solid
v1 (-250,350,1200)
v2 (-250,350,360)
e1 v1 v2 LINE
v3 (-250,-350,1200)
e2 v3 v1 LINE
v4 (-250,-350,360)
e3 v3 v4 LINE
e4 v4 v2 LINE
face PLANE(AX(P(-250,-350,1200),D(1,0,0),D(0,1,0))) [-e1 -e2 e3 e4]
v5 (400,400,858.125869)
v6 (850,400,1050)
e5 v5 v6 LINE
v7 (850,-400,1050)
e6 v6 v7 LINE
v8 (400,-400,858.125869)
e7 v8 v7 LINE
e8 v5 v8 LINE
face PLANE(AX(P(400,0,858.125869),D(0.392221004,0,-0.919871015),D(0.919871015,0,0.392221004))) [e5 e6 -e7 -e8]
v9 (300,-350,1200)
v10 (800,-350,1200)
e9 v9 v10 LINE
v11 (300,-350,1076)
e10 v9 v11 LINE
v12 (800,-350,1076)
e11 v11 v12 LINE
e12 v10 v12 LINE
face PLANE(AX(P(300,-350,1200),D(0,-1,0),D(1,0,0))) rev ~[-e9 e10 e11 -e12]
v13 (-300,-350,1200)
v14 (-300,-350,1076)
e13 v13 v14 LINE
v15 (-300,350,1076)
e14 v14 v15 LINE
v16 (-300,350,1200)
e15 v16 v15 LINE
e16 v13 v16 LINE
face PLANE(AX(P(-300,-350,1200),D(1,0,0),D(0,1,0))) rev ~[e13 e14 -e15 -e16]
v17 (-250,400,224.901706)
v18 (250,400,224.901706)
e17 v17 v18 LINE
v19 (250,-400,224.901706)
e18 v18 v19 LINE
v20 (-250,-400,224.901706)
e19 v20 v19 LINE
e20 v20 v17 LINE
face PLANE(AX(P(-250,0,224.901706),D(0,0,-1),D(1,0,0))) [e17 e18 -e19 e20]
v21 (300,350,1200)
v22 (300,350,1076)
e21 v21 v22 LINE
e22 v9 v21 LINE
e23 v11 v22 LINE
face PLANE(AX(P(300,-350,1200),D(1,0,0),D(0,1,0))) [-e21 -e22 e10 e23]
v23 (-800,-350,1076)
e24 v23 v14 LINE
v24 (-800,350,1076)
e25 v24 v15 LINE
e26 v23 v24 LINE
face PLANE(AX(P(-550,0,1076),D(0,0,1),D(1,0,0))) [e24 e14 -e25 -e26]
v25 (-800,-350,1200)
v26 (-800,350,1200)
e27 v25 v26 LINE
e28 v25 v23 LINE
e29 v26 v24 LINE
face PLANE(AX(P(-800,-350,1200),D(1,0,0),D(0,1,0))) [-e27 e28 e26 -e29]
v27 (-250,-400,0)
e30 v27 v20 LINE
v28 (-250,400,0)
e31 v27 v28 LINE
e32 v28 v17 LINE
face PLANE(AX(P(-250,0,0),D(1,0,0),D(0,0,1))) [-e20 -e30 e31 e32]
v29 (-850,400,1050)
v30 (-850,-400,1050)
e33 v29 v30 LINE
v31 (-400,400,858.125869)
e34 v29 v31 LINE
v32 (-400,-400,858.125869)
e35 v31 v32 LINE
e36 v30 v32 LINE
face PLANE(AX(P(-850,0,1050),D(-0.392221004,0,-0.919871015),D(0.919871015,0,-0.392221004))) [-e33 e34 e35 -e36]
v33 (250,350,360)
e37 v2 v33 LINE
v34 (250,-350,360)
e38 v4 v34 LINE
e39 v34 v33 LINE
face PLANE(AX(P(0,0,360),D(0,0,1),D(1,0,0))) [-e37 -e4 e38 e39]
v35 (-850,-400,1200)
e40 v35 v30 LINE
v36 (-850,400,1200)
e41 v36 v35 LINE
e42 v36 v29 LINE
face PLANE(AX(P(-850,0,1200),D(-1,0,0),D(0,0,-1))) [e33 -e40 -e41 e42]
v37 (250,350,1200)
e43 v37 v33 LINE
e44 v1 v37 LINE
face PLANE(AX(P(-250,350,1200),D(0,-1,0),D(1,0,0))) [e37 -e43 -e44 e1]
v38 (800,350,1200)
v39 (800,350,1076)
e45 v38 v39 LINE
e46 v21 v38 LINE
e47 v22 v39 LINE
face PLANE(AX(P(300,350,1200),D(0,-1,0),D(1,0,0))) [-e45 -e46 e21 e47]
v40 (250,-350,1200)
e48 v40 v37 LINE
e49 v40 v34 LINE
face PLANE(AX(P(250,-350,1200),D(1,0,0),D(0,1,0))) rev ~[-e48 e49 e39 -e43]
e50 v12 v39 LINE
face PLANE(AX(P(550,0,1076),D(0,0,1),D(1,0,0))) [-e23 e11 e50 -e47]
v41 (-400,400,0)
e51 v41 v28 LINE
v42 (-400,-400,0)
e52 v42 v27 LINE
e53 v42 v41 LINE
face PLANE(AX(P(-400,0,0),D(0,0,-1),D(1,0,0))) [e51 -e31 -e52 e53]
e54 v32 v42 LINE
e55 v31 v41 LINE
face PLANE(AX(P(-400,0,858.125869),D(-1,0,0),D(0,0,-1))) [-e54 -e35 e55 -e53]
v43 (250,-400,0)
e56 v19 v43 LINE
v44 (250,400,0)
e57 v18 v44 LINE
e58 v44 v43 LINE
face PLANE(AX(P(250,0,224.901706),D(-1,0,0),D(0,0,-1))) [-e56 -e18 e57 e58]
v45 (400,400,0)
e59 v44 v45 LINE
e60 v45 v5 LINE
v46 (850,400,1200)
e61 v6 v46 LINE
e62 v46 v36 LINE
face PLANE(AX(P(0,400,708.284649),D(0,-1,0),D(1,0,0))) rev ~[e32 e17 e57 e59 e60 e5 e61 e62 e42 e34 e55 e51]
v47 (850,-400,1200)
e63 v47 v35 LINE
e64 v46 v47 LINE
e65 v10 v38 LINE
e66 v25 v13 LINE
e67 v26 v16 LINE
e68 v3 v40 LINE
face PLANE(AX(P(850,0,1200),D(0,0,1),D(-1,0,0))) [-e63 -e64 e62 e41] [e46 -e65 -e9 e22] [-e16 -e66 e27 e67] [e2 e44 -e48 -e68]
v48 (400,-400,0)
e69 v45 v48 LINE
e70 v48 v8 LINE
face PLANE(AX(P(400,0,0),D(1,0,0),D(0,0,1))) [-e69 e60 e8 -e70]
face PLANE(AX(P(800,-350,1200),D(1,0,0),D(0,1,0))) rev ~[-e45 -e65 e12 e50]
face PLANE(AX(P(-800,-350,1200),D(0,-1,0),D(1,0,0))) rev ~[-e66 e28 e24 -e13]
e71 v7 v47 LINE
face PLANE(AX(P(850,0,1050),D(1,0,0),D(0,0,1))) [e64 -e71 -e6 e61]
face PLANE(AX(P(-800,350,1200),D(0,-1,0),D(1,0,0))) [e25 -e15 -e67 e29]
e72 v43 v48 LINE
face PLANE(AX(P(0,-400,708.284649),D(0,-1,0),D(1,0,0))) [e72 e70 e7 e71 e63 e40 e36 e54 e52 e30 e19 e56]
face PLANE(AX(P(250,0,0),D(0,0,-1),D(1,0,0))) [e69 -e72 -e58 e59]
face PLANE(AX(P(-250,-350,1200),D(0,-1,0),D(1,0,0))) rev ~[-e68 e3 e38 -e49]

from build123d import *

# Parameters (mm, degrees)
F1_DEPTH = 400
F2_W     = 500
F2_H     = 700
F3_DEPTH = 840
F4_W     = 500
F4_H     = 700
F5_DEPTH = 124


with BuildPart() as f1:
    # F0 (on Front) → F1 (new body, symmetric)
    with BuildSketch(Plane.XZ):
        Polygon((-250, 224.901706), (0, 224.901706), (250, 224.901706), (250, 0), (400, 0), (400, 858.125869), (850, 1050), (850, 1200), (0, 1200), (-850, 1200), (-850, 1050), (-400, 858.125869), (-400, 0), (-250, 0), align=None)
    extrude(amount=F1_DEPTH, both=True)

    # F2 (on face) → F3 (cut)
    with BuildSketch(Plane.XY.offset(1200)):
        Rectangle(F2_W, F2_H)
    extrude(amount=-F3_DEPTH, mode=Mode.SUBTRACT)

    # F4 (on face) → F5 (cut)
    with BuildSketch(Plane.XY.offset(1200)):
        with Locations((-550, 0)):
            Rectangle(F4_W, F4_H)
        with Locations((550, 0)):
            Rectangle(F4_W, F4_H)
    extrude(amount=-F5_DEPTH, mode=Mode.SUBTRACT)


solid = f1.part
